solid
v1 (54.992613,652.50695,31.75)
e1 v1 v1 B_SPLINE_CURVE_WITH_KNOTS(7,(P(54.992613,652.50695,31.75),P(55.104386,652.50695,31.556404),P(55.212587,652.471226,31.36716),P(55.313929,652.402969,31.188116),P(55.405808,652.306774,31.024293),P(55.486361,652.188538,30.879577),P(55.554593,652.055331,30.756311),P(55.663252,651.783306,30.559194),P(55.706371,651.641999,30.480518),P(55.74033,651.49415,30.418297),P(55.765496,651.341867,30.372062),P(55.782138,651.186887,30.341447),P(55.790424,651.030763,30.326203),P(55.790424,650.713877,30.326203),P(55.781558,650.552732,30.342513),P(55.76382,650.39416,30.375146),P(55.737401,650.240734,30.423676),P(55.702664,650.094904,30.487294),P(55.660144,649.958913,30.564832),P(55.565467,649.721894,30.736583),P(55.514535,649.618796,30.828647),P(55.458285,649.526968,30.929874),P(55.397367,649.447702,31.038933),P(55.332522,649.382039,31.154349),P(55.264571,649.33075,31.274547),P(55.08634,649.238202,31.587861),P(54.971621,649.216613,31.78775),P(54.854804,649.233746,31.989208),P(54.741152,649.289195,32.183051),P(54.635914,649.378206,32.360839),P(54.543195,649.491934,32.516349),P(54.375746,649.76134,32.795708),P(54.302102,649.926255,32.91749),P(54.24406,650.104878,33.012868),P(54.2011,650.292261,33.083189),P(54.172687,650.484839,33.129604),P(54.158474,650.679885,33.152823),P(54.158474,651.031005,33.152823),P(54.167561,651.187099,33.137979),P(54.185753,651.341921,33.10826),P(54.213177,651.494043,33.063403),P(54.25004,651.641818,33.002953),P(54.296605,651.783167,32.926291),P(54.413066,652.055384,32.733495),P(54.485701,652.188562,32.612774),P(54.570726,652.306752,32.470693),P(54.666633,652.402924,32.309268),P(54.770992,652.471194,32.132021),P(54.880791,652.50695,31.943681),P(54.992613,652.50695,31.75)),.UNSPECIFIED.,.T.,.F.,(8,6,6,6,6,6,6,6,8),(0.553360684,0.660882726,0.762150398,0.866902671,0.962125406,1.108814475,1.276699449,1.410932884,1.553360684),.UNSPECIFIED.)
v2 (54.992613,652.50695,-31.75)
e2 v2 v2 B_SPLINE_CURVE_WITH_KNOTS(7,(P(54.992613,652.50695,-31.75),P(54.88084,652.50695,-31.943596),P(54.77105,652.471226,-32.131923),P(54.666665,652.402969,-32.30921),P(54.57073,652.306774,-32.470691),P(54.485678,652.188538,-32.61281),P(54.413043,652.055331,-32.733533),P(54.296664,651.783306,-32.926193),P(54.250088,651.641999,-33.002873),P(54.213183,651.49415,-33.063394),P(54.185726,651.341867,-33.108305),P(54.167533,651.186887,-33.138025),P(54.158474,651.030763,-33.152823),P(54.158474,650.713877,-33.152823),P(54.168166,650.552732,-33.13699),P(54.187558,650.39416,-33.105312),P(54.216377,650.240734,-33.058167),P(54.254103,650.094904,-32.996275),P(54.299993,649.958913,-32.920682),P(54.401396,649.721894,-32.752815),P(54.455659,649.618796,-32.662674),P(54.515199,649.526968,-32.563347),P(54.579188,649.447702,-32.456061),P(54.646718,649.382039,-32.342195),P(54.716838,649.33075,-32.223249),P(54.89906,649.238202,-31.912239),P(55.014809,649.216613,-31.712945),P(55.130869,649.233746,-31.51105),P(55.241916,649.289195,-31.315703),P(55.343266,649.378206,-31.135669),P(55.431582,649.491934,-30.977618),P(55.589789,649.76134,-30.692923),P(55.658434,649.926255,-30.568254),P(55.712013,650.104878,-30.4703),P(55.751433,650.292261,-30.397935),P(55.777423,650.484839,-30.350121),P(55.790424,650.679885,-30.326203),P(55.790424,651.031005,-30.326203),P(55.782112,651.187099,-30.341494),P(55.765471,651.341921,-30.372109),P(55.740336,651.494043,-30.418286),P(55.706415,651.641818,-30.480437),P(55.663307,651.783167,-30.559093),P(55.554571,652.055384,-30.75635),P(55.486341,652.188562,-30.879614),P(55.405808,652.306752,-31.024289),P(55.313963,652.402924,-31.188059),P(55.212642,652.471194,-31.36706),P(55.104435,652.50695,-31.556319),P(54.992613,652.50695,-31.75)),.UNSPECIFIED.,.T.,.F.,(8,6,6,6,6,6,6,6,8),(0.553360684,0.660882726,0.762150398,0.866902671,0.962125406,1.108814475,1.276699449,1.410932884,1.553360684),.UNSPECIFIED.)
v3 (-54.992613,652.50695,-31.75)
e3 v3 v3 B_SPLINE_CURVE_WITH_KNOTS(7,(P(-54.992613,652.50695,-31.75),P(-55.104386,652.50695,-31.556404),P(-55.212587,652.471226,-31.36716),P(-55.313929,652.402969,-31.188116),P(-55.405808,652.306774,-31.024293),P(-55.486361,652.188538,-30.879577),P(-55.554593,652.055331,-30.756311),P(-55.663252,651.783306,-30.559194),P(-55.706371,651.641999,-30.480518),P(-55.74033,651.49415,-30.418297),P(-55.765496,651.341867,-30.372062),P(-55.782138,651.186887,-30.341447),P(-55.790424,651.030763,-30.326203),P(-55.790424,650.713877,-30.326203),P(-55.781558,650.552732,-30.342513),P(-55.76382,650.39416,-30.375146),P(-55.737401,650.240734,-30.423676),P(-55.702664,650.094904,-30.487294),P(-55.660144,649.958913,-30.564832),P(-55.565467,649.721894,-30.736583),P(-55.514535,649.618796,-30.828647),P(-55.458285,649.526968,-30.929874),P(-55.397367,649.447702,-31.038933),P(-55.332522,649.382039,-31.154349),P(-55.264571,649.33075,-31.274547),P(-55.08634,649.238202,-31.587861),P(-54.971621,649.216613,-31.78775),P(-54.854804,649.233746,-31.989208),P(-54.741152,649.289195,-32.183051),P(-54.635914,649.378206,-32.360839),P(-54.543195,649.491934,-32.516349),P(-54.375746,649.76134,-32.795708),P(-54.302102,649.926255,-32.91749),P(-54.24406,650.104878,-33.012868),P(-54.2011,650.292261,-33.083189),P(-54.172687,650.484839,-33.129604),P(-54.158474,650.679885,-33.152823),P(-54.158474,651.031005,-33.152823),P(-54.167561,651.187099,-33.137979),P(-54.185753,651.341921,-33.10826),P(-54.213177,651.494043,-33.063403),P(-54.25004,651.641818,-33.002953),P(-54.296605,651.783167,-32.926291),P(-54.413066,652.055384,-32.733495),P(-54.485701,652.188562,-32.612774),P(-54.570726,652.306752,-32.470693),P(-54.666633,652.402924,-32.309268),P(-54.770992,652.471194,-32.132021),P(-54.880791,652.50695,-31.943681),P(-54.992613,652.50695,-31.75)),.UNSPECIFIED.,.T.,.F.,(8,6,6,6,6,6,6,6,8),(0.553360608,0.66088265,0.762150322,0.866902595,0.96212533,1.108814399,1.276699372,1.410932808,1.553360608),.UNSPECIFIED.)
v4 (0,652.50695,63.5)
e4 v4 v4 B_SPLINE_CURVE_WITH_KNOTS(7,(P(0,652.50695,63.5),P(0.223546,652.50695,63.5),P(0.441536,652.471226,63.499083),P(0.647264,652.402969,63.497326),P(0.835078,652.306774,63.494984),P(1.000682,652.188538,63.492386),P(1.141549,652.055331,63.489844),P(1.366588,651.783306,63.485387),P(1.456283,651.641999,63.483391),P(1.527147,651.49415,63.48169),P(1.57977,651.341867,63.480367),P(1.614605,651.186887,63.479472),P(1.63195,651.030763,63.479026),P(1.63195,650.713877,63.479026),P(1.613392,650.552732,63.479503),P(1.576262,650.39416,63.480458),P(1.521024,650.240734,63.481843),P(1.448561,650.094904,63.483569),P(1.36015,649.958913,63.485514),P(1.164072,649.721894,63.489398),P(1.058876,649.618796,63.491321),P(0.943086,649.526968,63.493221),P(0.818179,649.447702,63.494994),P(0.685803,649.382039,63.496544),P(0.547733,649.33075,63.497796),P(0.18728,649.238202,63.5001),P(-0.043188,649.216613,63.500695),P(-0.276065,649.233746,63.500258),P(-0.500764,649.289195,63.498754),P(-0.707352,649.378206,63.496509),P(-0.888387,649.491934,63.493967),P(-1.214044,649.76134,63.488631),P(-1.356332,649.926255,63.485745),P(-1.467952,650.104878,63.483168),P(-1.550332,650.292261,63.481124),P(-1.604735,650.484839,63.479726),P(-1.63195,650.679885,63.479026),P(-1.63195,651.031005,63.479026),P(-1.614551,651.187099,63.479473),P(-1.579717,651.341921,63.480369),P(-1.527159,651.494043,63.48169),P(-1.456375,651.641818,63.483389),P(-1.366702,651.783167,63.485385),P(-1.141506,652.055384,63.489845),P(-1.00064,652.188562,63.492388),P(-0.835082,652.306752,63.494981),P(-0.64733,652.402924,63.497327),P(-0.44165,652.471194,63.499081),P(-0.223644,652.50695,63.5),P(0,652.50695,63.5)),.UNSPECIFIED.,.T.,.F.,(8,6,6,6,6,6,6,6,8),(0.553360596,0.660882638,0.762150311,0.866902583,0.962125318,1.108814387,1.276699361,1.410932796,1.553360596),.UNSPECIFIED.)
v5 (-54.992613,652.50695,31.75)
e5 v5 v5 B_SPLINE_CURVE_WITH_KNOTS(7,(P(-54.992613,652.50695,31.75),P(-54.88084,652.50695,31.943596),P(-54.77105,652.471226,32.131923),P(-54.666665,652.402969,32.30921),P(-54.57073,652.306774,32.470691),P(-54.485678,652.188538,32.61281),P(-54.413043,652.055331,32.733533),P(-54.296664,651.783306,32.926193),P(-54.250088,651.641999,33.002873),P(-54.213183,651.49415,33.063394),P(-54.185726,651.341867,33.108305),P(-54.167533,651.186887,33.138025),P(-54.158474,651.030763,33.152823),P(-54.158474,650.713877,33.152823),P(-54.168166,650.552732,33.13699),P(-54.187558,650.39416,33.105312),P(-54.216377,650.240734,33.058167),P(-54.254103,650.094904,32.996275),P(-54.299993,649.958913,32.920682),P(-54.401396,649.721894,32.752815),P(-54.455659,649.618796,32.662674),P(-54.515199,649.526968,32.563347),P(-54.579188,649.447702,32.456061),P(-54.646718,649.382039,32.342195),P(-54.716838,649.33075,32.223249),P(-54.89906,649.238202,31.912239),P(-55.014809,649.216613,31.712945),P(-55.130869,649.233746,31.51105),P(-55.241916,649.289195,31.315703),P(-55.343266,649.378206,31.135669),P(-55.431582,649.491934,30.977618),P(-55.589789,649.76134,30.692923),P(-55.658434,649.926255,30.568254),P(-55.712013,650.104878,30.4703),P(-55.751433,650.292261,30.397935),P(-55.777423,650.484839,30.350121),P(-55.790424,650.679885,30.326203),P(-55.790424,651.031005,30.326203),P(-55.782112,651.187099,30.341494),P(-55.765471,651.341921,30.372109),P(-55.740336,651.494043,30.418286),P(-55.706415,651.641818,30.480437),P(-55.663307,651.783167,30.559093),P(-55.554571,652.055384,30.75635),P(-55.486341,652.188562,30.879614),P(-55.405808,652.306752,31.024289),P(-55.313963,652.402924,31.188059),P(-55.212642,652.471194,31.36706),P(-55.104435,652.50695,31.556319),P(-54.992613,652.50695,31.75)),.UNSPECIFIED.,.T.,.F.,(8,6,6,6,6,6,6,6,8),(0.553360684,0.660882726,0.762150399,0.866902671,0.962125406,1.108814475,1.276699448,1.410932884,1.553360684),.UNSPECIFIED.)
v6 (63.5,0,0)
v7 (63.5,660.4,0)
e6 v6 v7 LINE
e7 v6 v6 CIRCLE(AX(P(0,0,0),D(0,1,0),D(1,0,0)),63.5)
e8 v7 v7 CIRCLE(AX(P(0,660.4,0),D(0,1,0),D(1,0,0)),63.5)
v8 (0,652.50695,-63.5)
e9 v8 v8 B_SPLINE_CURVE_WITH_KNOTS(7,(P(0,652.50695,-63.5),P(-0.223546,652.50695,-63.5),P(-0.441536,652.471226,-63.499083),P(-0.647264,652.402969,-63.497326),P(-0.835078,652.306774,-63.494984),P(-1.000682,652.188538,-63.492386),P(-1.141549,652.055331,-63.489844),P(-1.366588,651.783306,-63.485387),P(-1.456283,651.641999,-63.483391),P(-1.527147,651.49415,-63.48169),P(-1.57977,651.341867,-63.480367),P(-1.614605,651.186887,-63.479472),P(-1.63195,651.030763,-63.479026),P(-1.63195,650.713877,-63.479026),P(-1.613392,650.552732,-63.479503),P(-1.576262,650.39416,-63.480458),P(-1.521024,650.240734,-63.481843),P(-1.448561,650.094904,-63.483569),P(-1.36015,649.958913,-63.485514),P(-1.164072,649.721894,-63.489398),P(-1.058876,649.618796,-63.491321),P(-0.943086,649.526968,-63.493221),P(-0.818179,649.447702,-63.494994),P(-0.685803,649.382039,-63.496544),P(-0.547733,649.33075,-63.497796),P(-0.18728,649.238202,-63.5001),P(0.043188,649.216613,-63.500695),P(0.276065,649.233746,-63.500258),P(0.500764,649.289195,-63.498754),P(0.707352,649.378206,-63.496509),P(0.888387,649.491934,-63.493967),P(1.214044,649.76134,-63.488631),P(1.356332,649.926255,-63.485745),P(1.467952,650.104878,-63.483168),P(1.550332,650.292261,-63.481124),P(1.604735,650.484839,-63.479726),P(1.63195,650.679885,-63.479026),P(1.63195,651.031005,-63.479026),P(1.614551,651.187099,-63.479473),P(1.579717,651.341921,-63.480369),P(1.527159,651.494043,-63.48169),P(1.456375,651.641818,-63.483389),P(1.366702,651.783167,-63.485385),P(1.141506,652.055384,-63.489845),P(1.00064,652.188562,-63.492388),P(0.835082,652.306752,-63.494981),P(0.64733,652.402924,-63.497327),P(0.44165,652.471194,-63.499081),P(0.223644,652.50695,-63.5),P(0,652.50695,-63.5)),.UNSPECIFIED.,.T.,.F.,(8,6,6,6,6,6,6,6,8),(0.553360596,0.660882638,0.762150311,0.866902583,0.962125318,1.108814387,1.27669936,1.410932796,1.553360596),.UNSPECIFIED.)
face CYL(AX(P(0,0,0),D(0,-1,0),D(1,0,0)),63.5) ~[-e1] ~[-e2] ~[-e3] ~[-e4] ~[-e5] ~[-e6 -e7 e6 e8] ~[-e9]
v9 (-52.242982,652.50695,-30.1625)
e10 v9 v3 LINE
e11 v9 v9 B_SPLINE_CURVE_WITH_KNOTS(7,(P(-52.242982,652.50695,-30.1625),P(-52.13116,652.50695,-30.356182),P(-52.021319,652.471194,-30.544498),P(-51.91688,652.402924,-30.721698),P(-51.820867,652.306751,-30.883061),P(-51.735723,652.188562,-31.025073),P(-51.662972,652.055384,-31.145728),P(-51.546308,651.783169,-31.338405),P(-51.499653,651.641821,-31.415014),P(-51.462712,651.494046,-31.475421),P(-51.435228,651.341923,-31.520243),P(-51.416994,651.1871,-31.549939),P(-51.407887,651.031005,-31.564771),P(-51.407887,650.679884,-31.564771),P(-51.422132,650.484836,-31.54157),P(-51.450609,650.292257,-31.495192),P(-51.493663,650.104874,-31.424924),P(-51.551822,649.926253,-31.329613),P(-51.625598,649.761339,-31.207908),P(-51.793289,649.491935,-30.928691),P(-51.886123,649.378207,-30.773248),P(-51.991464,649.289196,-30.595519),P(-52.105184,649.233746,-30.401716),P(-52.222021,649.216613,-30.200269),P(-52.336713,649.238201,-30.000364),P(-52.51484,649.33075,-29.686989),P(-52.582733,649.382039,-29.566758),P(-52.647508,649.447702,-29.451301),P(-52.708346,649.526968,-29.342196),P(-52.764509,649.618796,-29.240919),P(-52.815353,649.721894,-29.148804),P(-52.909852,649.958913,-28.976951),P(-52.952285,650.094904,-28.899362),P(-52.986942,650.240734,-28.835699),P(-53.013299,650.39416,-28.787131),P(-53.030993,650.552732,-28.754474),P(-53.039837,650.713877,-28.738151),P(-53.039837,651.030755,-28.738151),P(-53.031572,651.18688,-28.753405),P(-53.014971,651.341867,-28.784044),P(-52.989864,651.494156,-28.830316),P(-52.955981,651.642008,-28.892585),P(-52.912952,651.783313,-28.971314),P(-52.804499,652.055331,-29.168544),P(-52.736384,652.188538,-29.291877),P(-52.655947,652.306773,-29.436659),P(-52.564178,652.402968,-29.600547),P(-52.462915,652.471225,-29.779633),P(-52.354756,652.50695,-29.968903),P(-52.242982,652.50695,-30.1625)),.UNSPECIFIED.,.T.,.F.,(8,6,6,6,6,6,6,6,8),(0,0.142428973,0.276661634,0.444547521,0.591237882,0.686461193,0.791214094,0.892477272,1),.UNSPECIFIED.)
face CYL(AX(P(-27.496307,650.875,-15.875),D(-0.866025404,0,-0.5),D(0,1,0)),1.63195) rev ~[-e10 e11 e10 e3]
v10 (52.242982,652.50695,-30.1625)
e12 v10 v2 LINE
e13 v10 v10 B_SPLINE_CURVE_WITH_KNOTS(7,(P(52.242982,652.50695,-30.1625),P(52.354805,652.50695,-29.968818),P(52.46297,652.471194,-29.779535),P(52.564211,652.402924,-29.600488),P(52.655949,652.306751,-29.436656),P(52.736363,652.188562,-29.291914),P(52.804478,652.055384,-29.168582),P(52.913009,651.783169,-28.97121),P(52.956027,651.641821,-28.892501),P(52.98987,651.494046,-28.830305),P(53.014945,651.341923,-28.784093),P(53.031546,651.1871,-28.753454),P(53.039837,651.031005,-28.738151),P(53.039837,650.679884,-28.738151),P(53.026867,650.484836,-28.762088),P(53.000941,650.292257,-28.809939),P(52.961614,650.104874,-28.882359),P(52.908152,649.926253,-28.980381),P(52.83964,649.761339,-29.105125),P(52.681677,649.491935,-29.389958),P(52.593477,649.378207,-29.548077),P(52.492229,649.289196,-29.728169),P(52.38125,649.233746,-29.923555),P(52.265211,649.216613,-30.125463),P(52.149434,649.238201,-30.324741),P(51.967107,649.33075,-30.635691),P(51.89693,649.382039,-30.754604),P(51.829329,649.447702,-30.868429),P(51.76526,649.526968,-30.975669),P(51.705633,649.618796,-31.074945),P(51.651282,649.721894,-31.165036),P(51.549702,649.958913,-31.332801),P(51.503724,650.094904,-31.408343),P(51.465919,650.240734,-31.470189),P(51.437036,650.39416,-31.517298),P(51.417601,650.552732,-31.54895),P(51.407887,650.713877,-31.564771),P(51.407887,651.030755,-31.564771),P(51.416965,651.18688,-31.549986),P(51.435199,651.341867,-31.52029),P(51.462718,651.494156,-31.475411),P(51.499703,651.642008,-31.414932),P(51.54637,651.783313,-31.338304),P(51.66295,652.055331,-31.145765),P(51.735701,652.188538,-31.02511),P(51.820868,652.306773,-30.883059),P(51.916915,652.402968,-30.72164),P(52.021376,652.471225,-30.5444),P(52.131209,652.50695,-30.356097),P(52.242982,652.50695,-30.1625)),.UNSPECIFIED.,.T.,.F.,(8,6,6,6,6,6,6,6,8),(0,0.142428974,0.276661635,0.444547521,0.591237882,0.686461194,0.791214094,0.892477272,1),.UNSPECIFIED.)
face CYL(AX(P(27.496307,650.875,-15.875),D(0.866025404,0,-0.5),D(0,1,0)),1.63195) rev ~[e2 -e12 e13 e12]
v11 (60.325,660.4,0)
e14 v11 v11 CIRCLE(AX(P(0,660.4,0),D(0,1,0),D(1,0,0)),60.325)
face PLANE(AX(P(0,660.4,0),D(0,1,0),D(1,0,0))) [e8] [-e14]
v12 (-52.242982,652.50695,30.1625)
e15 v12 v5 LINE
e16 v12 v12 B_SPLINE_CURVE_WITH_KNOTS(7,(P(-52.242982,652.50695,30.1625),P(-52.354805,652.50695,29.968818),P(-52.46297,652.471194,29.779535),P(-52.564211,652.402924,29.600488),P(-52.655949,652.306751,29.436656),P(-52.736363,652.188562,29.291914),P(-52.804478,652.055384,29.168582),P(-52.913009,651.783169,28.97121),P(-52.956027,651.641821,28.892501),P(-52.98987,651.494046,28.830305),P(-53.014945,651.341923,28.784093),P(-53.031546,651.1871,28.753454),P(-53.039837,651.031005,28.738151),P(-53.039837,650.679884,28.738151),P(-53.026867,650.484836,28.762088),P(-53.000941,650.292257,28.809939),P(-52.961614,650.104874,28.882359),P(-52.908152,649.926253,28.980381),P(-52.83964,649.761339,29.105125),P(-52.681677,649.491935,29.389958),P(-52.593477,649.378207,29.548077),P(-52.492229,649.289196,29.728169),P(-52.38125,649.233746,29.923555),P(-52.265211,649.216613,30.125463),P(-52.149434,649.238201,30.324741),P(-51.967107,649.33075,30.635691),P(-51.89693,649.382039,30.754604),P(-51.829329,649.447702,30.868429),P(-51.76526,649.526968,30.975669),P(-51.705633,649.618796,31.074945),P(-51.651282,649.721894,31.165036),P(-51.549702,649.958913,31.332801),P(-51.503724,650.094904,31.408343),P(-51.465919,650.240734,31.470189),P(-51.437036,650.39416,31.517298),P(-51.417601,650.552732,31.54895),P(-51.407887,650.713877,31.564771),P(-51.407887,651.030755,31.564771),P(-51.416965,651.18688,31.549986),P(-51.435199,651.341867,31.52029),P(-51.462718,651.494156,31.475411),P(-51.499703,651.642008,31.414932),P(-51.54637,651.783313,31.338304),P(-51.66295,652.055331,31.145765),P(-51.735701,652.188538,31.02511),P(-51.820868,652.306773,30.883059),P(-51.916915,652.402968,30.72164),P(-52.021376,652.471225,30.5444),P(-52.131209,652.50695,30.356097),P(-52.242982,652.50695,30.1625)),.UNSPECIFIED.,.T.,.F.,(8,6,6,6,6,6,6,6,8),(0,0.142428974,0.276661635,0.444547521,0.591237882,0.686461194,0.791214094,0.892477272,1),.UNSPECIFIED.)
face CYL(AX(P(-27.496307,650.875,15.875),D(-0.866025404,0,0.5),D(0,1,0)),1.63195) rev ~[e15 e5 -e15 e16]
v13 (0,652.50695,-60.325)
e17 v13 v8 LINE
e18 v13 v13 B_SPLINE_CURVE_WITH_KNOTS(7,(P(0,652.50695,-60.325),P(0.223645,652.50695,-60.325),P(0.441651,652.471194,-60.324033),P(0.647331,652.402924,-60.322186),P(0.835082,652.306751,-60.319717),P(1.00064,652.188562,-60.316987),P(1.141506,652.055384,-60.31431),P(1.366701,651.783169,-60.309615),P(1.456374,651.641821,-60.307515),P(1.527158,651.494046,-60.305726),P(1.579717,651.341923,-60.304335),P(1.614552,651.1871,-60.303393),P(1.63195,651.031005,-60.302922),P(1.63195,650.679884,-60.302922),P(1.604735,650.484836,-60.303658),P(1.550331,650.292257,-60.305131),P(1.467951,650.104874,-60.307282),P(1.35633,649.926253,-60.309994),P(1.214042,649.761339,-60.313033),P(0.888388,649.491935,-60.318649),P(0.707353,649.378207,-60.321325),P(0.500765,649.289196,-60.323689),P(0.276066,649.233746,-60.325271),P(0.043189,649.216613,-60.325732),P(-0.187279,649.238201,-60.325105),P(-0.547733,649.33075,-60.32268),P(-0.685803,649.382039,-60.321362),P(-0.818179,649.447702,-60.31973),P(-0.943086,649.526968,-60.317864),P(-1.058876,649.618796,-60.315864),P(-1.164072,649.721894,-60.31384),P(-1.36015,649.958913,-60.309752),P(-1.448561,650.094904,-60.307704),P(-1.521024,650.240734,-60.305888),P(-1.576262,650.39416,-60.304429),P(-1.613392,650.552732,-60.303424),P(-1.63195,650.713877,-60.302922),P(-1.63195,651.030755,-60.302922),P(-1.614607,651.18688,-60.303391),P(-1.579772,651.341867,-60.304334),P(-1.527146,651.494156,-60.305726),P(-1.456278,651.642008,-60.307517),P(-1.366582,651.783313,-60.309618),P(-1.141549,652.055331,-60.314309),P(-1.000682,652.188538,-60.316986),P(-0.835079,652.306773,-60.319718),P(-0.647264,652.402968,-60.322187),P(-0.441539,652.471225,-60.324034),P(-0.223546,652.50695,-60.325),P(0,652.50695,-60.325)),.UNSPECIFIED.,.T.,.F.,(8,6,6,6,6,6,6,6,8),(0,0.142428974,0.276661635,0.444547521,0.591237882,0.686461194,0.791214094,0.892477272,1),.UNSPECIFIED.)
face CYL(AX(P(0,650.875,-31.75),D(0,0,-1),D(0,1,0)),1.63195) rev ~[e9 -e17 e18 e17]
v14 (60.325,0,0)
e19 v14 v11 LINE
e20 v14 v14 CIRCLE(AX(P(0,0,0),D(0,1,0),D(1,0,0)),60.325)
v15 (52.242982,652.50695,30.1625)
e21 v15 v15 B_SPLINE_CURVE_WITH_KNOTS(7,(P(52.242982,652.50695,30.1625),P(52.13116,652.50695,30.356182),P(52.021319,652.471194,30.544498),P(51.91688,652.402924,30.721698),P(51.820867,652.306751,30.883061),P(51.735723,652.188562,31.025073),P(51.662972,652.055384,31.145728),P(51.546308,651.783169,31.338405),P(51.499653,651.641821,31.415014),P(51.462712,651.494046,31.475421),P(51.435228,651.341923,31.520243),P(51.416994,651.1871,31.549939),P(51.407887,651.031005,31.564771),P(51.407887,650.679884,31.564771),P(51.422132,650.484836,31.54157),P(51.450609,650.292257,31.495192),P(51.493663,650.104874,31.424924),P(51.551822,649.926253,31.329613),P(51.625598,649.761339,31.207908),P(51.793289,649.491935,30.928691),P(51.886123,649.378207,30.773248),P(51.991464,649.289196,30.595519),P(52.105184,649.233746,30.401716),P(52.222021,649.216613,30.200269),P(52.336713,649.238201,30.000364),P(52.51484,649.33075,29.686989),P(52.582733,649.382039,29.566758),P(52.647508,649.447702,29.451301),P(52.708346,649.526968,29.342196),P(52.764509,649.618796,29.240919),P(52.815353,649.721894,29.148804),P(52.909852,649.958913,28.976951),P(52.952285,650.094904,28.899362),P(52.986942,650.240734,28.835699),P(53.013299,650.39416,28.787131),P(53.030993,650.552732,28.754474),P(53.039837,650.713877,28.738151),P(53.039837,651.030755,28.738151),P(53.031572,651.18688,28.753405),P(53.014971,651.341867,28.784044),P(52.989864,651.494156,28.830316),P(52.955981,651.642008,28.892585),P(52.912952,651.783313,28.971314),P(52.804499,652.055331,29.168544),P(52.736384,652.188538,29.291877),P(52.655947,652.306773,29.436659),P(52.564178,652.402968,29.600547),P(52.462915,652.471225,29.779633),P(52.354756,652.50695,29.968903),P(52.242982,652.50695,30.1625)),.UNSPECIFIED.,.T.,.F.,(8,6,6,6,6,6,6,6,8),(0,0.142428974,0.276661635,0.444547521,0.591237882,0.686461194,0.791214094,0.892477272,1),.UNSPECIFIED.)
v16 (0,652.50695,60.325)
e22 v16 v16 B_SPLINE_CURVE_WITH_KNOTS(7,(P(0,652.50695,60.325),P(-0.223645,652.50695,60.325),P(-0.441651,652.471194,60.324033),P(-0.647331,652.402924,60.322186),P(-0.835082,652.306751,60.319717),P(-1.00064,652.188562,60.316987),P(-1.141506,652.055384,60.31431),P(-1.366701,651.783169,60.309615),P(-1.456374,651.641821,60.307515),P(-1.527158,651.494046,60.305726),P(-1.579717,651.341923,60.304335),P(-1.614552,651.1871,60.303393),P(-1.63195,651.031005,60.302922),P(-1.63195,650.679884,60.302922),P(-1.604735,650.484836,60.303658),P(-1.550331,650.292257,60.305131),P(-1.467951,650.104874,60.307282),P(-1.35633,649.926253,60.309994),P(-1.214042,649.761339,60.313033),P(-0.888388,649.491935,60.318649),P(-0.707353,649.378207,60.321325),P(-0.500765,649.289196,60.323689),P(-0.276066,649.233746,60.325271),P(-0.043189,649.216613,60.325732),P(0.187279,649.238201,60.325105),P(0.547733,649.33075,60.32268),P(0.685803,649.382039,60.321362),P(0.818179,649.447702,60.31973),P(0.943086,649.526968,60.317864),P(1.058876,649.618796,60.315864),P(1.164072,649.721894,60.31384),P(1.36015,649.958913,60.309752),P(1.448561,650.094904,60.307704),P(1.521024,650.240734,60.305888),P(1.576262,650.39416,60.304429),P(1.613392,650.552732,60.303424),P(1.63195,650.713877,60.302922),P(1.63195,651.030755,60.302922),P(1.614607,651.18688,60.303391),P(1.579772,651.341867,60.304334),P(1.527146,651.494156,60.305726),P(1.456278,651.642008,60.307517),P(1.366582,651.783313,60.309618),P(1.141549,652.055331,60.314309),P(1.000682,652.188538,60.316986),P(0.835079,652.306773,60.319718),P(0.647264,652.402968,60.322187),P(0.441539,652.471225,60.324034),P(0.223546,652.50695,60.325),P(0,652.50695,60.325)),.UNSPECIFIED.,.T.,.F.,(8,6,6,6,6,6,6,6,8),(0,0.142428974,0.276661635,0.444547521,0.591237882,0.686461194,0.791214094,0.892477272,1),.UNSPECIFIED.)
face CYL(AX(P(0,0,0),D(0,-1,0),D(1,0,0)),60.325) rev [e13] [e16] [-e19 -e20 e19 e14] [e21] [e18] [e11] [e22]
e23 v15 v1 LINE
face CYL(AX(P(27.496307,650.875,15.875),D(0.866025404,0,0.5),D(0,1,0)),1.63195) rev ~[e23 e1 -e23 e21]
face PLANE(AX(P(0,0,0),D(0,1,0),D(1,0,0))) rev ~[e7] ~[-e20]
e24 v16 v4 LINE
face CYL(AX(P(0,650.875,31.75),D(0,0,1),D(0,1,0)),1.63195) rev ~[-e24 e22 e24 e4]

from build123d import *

# Parameters (mm, degrees)
SKETCH1_R           = 63.5
SKETCH1_R_2         = 60.325
BOSS_EXTRUDE1_DEPTH = 660.4
SKETCH4_W           = 1.63195
SKETCH4_H           = 63.5
CIRPATTERN1_COUNT   = 6


with BuildPart() as part:
    # Sketch1 → Boss-Extrude1 (new body)
    with BuildSketch(Plane(origin=(0, 0, 0), x_dir=(1, 0, 0), z_dir=(0, 1, 0))):
        Circle(SKETCH1_R)
        Circle(SKETCH1_R_2, mode=Mode.SUBTRACT)
    extrude(amount=BOSS_EXTRUDE1_DEPTH)

    # Sketch4 → #4 Clearance Hole2 (revolve, cut)
    with BuildSketch(Plane(origin=(0, 650.875, 0), x_dir=(0, 1, 0), z_dir=(1, 0, 0))):
        with Locations((0.815975, 31.75)):
            Rectangle(SKETCH4_W, SKETCH4_H)
    f_4_clearance_hole2 = revolve(axis=Axis((0, 650.875, -6.35), (0, 0, 1)), mode=Mode.SUBTRACT)

    # CirPattern1: #4 Clearance Hole2 ×6 about axis
    cirpattern1_axis = Axis((0, 660.4, 0), (0, 1, 0))
    for i in range(1, CIRPATTERN1_COUNT):
        add(f_4_clearance_hole2.rotate(cirpattern1_axis, i * 360 / CIRPATTERN1_COUNT), mode=Mode.SUBTRACT)


solid = part.part
